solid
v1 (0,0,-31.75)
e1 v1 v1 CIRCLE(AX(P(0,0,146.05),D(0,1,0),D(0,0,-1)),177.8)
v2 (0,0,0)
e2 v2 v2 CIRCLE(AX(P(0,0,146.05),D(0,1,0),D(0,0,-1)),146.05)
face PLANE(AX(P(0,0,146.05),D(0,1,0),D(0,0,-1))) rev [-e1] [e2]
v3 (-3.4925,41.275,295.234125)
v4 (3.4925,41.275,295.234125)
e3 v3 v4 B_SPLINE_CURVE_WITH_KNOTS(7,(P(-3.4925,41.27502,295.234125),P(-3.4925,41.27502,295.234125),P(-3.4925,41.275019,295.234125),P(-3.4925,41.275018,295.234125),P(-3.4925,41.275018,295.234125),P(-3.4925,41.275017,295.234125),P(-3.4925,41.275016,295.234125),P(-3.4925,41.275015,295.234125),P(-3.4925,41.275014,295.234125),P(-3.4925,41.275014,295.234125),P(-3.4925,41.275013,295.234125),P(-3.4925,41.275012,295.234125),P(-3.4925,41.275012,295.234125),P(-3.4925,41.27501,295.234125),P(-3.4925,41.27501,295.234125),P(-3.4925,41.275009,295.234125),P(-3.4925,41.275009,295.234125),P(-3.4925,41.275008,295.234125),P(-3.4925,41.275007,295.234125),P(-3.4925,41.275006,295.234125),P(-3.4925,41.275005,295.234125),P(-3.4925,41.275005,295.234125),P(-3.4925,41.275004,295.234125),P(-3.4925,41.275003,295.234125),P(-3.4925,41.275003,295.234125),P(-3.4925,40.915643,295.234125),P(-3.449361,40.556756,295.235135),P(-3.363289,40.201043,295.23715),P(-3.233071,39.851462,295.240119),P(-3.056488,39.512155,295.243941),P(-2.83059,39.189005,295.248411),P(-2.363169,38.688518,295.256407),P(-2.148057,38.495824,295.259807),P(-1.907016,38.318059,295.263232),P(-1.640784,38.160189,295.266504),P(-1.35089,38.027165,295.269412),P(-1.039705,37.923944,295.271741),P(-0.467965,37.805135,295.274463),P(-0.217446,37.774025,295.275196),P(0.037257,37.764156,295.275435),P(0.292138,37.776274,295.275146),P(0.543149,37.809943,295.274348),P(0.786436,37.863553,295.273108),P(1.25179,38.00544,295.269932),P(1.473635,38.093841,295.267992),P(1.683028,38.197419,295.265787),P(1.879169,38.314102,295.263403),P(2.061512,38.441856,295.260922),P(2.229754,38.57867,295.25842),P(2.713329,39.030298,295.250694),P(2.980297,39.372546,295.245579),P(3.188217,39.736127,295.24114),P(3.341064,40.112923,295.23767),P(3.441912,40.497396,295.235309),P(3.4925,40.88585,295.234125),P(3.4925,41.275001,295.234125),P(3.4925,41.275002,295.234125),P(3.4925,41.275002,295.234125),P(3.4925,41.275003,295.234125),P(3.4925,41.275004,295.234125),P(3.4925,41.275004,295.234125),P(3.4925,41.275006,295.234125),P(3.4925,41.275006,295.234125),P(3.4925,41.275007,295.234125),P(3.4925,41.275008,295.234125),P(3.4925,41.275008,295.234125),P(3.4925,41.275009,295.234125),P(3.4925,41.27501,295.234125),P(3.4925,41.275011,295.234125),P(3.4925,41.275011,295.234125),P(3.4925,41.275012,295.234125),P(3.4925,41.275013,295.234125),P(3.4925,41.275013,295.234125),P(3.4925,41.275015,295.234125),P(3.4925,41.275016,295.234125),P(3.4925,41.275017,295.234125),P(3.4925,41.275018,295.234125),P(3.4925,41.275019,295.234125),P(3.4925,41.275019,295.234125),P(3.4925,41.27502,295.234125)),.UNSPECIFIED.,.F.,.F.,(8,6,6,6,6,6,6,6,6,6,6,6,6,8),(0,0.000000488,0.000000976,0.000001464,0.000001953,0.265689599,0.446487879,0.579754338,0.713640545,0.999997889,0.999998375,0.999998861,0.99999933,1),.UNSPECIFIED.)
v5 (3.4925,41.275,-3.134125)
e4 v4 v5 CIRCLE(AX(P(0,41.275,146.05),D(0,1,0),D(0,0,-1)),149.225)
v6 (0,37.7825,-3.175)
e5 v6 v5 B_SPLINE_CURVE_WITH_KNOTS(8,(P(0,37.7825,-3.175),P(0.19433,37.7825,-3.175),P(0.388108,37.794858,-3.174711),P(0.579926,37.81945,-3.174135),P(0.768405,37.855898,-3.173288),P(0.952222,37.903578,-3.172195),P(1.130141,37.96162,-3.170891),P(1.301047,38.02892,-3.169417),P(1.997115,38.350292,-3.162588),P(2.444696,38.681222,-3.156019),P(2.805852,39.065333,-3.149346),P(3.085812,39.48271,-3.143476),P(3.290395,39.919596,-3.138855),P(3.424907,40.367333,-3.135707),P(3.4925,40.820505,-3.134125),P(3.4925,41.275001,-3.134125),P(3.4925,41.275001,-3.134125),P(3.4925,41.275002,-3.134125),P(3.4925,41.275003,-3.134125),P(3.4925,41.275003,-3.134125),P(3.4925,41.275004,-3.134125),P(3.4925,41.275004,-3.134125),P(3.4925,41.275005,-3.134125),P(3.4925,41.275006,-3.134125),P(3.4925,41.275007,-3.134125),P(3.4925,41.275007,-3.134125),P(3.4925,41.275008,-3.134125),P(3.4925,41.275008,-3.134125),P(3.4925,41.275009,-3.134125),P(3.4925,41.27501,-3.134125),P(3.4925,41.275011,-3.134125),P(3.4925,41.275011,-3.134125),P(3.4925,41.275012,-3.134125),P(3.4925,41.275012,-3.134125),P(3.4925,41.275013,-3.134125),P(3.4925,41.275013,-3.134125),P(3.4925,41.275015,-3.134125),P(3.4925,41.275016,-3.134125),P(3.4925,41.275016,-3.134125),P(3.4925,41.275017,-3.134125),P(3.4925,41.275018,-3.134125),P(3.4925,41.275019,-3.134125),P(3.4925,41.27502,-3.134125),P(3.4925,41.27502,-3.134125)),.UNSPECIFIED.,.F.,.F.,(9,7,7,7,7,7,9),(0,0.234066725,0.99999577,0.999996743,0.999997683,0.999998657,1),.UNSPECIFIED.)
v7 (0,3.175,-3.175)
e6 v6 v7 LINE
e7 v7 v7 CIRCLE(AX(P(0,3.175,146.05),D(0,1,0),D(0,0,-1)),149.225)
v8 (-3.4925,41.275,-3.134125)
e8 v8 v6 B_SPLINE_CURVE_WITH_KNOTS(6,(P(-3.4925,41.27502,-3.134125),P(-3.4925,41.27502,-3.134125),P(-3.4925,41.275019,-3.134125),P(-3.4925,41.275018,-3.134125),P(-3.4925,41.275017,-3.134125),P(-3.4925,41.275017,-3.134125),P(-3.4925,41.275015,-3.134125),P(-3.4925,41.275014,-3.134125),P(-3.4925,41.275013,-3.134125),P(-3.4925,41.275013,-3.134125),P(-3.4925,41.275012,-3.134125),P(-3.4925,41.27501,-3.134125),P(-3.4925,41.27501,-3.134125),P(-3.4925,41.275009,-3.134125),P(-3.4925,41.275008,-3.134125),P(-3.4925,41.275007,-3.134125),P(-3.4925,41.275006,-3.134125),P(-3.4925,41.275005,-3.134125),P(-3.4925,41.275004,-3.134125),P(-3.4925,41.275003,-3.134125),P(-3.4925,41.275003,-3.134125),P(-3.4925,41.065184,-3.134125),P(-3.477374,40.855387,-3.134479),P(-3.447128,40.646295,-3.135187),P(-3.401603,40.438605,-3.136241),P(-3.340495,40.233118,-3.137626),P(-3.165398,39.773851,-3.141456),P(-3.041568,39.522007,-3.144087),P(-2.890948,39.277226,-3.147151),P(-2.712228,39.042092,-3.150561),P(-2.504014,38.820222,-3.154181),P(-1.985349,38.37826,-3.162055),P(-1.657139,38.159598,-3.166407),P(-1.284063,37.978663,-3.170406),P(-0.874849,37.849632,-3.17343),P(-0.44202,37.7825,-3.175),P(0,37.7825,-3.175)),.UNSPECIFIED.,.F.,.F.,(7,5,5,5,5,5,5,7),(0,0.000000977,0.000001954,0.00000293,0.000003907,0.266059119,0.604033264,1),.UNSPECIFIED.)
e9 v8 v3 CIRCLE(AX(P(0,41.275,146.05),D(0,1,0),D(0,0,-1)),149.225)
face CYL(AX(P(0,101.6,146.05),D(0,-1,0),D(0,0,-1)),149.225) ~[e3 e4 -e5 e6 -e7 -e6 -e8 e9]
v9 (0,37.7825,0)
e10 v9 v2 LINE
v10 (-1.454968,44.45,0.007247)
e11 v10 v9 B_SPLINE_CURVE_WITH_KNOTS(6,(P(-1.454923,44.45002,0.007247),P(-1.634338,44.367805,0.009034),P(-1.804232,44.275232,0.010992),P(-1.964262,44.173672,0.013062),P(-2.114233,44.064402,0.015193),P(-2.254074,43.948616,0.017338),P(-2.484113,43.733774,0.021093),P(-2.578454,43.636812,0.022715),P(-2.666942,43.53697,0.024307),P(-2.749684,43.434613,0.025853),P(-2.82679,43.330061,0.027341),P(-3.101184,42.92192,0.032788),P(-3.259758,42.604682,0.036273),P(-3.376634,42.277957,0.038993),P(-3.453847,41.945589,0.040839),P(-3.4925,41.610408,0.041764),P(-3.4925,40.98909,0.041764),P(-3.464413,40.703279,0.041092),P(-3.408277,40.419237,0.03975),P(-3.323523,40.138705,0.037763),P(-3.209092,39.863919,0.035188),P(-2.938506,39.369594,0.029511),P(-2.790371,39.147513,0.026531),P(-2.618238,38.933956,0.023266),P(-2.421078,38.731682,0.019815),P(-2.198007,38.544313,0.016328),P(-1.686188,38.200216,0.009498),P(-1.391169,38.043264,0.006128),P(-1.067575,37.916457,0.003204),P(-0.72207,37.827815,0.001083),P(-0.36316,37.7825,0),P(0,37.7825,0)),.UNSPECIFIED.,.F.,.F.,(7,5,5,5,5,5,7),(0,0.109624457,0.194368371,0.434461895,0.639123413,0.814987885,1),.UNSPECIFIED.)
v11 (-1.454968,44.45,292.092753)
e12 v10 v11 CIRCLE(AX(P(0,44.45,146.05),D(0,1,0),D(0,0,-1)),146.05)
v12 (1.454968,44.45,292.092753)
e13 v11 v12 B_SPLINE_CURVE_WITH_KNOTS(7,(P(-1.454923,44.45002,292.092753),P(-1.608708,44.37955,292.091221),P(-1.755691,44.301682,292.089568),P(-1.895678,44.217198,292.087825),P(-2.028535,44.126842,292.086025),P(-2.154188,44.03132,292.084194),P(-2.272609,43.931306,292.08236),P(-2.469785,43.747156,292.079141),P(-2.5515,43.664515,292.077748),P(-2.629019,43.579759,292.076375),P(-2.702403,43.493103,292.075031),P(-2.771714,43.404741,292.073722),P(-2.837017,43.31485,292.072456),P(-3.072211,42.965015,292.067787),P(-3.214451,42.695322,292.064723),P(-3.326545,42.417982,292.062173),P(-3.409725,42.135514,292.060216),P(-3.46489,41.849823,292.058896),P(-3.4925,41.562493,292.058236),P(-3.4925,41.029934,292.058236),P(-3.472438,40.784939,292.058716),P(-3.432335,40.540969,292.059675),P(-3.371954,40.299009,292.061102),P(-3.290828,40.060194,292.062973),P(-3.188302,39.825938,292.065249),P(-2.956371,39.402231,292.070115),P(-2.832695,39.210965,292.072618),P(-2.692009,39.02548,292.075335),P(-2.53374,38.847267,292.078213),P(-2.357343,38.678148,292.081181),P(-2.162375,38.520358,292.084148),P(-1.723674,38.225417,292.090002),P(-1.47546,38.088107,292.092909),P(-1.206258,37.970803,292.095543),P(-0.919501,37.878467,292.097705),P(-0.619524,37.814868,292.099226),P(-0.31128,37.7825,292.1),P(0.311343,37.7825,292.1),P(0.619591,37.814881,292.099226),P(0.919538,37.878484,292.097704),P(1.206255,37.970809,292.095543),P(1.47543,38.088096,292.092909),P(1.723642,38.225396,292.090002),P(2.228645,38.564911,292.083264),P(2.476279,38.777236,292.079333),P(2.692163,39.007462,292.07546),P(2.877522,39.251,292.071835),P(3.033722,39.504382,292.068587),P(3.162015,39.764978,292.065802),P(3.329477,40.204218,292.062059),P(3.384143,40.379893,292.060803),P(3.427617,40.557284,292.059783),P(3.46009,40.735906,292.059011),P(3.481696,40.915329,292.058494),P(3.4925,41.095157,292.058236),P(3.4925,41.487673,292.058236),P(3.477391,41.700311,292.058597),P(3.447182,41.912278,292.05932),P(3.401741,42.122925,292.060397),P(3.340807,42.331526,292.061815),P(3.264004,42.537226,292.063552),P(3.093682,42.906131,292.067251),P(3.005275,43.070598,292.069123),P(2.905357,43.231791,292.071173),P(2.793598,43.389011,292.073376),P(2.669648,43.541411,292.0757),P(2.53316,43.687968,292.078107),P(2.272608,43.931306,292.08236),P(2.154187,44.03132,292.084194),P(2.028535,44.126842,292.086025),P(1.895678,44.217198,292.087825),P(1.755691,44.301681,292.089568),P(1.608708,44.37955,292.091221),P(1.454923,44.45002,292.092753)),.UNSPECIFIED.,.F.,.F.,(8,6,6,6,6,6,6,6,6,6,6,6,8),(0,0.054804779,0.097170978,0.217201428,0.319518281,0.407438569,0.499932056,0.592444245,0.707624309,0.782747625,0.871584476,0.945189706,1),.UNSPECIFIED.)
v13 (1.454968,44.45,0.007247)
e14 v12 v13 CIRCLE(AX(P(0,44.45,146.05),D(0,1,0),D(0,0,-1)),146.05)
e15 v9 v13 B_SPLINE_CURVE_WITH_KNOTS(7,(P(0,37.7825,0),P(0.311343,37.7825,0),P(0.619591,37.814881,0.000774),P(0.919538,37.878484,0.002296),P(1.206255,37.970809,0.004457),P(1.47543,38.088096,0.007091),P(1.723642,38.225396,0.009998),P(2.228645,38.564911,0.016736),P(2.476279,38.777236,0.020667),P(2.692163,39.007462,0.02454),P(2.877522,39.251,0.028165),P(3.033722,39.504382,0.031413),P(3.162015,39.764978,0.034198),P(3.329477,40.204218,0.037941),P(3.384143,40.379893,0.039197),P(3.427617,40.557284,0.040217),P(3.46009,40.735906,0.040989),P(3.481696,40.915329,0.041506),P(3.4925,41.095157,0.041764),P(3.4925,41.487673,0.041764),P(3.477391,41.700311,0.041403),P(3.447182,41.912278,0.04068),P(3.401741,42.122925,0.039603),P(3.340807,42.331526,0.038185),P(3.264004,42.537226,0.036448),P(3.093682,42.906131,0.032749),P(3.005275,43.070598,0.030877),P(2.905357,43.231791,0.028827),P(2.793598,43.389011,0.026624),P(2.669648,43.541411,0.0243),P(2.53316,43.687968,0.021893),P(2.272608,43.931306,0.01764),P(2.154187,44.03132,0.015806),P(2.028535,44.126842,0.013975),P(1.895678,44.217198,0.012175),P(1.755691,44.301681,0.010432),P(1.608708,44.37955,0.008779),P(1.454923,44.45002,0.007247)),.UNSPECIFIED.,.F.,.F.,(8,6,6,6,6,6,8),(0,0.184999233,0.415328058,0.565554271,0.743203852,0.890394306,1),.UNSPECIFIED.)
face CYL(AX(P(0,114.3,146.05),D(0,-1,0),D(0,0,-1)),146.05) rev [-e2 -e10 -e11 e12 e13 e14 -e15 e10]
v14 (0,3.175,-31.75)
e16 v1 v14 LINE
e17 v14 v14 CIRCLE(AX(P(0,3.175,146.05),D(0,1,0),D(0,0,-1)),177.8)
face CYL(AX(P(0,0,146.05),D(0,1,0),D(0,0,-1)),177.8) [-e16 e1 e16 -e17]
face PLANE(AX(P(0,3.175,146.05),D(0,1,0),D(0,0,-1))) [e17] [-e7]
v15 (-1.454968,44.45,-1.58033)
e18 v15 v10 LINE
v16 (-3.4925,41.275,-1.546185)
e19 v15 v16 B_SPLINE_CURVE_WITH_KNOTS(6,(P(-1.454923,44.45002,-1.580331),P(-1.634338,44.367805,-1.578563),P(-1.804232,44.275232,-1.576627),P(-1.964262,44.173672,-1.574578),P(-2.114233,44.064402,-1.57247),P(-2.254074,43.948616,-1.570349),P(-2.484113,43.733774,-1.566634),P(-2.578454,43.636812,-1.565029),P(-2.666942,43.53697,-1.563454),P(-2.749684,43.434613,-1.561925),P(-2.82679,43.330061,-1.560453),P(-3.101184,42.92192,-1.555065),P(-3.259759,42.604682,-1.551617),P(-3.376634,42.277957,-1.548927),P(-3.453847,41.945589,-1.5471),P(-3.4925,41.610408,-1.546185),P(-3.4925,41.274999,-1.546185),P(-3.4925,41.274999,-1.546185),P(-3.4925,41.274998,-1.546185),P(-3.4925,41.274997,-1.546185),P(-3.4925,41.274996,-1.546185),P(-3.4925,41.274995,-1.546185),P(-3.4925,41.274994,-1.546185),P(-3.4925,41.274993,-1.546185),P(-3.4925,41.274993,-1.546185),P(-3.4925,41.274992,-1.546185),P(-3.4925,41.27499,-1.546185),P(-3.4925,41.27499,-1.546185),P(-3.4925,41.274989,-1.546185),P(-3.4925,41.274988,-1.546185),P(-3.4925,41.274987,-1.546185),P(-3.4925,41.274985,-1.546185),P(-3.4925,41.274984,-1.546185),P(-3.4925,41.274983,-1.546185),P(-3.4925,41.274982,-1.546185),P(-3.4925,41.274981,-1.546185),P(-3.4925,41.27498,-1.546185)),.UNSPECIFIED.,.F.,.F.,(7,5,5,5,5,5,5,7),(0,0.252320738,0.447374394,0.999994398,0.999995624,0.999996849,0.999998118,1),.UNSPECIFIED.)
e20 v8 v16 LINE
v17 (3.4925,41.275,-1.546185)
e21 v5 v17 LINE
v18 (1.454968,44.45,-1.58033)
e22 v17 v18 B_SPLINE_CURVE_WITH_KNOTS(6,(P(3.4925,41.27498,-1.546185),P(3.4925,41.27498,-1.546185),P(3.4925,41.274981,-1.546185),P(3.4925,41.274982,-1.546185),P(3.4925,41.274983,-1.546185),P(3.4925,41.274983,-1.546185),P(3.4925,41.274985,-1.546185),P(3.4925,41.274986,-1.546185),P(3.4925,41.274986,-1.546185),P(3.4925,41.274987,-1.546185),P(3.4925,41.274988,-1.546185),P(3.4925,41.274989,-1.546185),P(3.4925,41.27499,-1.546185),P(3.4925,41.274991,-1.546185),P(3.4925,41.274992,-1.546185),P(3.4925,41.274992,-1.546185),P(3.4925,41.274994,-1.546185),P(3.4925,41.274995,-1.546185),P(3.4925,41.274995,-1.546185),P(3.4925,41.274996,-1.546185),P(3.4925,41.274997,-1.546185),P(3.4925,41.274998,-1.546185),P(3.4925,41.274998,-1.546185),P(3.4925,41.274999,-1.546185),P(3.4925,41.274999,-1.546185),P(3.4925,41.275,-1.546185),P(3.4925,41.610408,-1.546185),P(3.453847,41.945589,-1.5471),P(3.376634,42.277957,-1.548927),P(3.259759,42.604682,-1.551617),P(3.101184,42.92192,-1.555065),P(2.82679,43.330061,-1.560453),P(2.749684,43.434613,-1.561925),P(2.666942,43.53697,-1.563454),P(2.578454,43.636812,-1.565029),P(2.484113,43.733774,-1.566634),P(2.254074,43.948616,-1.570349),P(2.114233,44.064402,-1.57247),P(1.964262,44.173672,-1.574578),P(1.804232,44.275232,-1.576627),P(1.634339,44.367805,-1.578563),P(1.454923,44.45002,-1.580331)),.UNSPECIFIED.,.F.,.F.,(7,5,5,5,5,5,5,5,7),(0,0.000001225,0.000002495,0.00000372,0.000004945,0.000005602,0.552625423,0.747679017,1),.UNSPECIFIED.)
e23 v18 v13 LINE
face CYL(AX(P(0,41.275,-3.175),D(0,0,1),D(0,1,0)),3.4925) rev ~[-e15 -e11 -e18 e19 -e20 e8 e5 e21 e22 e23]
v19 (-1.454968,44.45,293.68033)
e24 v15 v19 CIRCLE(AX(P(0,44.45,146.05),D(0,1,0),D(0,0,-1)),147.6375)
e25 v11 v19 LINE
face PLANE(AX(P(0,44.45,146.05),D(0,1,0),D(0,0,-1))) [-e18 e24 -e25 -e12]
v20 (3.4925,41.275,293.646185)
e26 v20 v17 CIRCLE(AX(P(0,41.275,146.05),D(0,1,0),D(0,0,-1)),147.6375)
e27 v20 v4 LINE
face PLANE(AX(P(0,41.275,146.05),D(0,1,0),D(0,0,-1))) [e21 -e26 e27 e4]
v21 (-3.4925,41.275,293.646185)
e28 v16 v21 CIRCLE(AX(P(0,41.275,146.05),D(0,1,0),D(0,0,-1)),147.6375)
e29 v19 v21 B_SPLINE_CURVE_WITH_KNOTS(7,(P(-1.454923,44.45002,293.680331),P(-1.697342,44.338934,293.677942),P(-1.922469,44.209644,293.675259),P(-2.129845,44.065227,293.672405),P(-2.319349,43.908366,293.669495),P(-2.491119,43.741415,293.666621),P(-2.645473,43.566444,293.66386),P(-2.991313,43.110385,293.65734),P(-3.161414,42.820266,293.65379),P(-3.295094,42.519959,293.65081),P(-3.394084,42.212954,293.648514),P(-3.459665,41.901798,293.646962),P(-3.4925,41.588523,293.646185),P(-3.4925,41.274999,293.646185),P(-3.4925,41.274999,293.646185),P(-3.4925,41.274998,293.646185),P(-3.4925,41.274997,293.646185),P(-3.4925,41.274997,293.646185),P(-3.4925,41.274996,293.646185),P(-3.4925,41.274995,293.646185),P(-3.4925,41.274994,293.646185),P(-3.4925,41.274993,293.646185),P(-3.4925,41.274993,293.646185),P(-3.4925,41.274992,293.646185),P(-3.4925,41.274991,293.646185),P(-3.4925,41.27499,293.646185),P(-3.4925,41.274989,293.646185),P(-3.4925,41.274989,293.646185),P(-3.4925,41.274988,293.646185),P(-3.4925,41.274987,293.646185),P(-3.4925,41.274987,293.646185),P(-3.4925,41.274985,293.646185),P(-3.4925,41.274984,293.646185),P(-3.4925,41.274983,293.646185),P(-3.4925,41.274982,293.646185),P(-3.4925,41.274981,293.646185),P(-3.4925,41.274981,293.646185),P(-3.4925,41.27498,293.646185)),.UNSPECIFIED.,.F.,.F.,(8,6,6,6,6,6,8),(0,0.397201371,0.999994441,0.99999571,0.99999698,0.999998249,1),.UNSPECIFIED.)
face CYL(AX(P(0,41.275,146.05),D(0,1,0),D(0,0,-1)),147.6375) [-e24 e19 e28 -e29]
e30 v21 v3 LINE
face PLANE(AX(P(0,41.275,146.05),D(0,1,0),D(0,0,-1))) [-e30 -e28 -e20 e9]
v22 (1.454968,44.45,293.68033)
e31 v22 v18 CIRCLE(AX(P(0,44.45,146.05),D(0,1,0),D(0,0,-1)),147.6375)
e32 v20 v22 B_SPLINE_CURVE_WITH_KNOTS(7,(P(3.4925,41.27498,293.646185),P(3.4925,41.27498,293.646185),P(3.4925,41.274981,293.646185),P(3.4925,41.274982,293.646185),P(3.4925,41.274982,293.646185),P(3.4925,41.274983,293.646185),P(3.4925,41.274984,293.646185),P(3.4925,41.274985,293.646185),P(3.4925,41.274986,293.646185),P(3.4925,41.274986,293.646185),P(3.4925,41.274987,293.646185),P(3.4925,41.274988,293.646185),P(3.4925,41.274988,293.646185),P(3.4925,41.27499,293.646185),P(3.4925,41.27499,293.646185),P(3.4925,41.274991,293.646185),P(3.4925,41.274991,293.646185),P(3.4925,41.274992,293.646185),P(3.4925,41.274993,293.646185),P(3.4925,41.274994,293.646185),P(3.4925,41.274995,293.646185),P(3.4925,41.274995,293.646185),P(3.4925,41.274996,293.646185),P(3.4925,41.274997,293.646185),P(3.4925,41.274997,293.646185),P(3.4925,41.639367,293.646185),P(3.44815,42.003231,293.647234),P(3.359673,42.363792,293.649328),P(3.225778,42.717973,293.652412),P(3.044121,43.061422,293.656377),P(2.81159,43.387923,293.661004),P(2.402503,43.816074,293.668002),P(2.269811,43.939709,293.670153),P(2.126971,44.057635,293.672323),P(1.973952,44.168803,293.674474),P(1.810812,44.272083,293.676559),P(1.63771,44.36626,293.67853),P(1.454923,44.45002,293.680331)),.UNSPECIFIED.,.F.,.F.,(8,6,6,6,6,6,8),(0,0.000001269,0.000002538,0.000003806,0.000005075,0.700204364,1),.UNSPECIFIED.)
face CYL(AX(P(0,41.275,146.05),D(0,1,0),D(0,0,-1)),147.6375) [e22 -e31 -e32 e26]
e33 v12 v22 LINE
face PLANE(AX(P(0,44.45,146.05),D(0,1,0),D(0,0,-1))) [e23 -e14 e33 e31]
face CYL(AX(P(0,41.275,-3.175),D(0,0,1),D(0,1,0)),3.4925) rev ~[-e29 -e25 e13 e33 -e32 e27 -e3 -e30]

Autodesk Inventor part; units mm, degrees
ref_plane "YZ Plane" through (0, 0, 0) normal (1, 0, 0) x (0, 1, 0)
ref_plane "XZ Plane" through (0, 0, 0) normal (0, 1, 0) x (-1, 0, 0)
ref_plane "XY Plane" through (0, 0, 0) normal (0, 0, 1) x (1, 0, 0)
sketch "Sketch1" plane through (0, 0, 0) normal (1, 0, 0) x (0, 1, 0)
  line L0 (0, 0) -> (0, -31.75)
  line L1 (0, -31.75) -> (3.175, -31.75)
  line L2 (3.175, -31.75) -> (3.175, -3.175)
  line L3 (114.3, -3.175) -> (114.3, 0)
  line L4 (114.3, 0) -> (0, 0)
  line L5 (72.0056, 146.05) -> (114.3, 146.05)
  line L6 (114.3, -3.175) -> (114.3, -6.35)
  line L7 (114.3, -6.35) -> (101.6, -6.35)
  line L8 (101.6, -6.35) -> (101.6, -3.175)
  line L9 (101.6, -3.175) -> (3.175, -3.175)
  line L10 (41.275, -3.175) -> (41.275, -1.5875)
  line L11 (41.275, -1.5875) -> (44.45, -1.5875)
  line L12 (44.45, -1.5875) -> (44.45, 0)
  dimension "d0" = 31.75
  dimension "d1" = 3.175
  dimension "d2" = 28.575
  dimension "d3" = 111.125
  dimension "d4" = 3.175
  dimension "d5" = 146.05
  dimension "d6" = 3.175
  dimension "d7" = 12.7
  dimension "d8" = 41.275
  dimension "d9" = 3.175
revolve "Revolution1" add sketch "Sketch1" angle 360 about axis through (0, 72.0056, 146.05) along (0, 1, 0) contours L4 L12 L11 L10 L9 L2 L1 L0
ref_plane "Work Plane1" through (0, 41.275, -3.175) normal (0, 0, -1) x (-1, 0, 0)
sketch "Sketch2" plane through (0, 41.275, -3.175) normal (0, 0, -1) x (-1, 0, 0)
  point P0 (0, -41.275)
  point P1 (0, 0)
hole "Hole1" at (0, 41.275, -3.175) direction (0, 0, 1) diameter 6.985 end through all
properties part number "Top_Bevel_Base_Bottom"
